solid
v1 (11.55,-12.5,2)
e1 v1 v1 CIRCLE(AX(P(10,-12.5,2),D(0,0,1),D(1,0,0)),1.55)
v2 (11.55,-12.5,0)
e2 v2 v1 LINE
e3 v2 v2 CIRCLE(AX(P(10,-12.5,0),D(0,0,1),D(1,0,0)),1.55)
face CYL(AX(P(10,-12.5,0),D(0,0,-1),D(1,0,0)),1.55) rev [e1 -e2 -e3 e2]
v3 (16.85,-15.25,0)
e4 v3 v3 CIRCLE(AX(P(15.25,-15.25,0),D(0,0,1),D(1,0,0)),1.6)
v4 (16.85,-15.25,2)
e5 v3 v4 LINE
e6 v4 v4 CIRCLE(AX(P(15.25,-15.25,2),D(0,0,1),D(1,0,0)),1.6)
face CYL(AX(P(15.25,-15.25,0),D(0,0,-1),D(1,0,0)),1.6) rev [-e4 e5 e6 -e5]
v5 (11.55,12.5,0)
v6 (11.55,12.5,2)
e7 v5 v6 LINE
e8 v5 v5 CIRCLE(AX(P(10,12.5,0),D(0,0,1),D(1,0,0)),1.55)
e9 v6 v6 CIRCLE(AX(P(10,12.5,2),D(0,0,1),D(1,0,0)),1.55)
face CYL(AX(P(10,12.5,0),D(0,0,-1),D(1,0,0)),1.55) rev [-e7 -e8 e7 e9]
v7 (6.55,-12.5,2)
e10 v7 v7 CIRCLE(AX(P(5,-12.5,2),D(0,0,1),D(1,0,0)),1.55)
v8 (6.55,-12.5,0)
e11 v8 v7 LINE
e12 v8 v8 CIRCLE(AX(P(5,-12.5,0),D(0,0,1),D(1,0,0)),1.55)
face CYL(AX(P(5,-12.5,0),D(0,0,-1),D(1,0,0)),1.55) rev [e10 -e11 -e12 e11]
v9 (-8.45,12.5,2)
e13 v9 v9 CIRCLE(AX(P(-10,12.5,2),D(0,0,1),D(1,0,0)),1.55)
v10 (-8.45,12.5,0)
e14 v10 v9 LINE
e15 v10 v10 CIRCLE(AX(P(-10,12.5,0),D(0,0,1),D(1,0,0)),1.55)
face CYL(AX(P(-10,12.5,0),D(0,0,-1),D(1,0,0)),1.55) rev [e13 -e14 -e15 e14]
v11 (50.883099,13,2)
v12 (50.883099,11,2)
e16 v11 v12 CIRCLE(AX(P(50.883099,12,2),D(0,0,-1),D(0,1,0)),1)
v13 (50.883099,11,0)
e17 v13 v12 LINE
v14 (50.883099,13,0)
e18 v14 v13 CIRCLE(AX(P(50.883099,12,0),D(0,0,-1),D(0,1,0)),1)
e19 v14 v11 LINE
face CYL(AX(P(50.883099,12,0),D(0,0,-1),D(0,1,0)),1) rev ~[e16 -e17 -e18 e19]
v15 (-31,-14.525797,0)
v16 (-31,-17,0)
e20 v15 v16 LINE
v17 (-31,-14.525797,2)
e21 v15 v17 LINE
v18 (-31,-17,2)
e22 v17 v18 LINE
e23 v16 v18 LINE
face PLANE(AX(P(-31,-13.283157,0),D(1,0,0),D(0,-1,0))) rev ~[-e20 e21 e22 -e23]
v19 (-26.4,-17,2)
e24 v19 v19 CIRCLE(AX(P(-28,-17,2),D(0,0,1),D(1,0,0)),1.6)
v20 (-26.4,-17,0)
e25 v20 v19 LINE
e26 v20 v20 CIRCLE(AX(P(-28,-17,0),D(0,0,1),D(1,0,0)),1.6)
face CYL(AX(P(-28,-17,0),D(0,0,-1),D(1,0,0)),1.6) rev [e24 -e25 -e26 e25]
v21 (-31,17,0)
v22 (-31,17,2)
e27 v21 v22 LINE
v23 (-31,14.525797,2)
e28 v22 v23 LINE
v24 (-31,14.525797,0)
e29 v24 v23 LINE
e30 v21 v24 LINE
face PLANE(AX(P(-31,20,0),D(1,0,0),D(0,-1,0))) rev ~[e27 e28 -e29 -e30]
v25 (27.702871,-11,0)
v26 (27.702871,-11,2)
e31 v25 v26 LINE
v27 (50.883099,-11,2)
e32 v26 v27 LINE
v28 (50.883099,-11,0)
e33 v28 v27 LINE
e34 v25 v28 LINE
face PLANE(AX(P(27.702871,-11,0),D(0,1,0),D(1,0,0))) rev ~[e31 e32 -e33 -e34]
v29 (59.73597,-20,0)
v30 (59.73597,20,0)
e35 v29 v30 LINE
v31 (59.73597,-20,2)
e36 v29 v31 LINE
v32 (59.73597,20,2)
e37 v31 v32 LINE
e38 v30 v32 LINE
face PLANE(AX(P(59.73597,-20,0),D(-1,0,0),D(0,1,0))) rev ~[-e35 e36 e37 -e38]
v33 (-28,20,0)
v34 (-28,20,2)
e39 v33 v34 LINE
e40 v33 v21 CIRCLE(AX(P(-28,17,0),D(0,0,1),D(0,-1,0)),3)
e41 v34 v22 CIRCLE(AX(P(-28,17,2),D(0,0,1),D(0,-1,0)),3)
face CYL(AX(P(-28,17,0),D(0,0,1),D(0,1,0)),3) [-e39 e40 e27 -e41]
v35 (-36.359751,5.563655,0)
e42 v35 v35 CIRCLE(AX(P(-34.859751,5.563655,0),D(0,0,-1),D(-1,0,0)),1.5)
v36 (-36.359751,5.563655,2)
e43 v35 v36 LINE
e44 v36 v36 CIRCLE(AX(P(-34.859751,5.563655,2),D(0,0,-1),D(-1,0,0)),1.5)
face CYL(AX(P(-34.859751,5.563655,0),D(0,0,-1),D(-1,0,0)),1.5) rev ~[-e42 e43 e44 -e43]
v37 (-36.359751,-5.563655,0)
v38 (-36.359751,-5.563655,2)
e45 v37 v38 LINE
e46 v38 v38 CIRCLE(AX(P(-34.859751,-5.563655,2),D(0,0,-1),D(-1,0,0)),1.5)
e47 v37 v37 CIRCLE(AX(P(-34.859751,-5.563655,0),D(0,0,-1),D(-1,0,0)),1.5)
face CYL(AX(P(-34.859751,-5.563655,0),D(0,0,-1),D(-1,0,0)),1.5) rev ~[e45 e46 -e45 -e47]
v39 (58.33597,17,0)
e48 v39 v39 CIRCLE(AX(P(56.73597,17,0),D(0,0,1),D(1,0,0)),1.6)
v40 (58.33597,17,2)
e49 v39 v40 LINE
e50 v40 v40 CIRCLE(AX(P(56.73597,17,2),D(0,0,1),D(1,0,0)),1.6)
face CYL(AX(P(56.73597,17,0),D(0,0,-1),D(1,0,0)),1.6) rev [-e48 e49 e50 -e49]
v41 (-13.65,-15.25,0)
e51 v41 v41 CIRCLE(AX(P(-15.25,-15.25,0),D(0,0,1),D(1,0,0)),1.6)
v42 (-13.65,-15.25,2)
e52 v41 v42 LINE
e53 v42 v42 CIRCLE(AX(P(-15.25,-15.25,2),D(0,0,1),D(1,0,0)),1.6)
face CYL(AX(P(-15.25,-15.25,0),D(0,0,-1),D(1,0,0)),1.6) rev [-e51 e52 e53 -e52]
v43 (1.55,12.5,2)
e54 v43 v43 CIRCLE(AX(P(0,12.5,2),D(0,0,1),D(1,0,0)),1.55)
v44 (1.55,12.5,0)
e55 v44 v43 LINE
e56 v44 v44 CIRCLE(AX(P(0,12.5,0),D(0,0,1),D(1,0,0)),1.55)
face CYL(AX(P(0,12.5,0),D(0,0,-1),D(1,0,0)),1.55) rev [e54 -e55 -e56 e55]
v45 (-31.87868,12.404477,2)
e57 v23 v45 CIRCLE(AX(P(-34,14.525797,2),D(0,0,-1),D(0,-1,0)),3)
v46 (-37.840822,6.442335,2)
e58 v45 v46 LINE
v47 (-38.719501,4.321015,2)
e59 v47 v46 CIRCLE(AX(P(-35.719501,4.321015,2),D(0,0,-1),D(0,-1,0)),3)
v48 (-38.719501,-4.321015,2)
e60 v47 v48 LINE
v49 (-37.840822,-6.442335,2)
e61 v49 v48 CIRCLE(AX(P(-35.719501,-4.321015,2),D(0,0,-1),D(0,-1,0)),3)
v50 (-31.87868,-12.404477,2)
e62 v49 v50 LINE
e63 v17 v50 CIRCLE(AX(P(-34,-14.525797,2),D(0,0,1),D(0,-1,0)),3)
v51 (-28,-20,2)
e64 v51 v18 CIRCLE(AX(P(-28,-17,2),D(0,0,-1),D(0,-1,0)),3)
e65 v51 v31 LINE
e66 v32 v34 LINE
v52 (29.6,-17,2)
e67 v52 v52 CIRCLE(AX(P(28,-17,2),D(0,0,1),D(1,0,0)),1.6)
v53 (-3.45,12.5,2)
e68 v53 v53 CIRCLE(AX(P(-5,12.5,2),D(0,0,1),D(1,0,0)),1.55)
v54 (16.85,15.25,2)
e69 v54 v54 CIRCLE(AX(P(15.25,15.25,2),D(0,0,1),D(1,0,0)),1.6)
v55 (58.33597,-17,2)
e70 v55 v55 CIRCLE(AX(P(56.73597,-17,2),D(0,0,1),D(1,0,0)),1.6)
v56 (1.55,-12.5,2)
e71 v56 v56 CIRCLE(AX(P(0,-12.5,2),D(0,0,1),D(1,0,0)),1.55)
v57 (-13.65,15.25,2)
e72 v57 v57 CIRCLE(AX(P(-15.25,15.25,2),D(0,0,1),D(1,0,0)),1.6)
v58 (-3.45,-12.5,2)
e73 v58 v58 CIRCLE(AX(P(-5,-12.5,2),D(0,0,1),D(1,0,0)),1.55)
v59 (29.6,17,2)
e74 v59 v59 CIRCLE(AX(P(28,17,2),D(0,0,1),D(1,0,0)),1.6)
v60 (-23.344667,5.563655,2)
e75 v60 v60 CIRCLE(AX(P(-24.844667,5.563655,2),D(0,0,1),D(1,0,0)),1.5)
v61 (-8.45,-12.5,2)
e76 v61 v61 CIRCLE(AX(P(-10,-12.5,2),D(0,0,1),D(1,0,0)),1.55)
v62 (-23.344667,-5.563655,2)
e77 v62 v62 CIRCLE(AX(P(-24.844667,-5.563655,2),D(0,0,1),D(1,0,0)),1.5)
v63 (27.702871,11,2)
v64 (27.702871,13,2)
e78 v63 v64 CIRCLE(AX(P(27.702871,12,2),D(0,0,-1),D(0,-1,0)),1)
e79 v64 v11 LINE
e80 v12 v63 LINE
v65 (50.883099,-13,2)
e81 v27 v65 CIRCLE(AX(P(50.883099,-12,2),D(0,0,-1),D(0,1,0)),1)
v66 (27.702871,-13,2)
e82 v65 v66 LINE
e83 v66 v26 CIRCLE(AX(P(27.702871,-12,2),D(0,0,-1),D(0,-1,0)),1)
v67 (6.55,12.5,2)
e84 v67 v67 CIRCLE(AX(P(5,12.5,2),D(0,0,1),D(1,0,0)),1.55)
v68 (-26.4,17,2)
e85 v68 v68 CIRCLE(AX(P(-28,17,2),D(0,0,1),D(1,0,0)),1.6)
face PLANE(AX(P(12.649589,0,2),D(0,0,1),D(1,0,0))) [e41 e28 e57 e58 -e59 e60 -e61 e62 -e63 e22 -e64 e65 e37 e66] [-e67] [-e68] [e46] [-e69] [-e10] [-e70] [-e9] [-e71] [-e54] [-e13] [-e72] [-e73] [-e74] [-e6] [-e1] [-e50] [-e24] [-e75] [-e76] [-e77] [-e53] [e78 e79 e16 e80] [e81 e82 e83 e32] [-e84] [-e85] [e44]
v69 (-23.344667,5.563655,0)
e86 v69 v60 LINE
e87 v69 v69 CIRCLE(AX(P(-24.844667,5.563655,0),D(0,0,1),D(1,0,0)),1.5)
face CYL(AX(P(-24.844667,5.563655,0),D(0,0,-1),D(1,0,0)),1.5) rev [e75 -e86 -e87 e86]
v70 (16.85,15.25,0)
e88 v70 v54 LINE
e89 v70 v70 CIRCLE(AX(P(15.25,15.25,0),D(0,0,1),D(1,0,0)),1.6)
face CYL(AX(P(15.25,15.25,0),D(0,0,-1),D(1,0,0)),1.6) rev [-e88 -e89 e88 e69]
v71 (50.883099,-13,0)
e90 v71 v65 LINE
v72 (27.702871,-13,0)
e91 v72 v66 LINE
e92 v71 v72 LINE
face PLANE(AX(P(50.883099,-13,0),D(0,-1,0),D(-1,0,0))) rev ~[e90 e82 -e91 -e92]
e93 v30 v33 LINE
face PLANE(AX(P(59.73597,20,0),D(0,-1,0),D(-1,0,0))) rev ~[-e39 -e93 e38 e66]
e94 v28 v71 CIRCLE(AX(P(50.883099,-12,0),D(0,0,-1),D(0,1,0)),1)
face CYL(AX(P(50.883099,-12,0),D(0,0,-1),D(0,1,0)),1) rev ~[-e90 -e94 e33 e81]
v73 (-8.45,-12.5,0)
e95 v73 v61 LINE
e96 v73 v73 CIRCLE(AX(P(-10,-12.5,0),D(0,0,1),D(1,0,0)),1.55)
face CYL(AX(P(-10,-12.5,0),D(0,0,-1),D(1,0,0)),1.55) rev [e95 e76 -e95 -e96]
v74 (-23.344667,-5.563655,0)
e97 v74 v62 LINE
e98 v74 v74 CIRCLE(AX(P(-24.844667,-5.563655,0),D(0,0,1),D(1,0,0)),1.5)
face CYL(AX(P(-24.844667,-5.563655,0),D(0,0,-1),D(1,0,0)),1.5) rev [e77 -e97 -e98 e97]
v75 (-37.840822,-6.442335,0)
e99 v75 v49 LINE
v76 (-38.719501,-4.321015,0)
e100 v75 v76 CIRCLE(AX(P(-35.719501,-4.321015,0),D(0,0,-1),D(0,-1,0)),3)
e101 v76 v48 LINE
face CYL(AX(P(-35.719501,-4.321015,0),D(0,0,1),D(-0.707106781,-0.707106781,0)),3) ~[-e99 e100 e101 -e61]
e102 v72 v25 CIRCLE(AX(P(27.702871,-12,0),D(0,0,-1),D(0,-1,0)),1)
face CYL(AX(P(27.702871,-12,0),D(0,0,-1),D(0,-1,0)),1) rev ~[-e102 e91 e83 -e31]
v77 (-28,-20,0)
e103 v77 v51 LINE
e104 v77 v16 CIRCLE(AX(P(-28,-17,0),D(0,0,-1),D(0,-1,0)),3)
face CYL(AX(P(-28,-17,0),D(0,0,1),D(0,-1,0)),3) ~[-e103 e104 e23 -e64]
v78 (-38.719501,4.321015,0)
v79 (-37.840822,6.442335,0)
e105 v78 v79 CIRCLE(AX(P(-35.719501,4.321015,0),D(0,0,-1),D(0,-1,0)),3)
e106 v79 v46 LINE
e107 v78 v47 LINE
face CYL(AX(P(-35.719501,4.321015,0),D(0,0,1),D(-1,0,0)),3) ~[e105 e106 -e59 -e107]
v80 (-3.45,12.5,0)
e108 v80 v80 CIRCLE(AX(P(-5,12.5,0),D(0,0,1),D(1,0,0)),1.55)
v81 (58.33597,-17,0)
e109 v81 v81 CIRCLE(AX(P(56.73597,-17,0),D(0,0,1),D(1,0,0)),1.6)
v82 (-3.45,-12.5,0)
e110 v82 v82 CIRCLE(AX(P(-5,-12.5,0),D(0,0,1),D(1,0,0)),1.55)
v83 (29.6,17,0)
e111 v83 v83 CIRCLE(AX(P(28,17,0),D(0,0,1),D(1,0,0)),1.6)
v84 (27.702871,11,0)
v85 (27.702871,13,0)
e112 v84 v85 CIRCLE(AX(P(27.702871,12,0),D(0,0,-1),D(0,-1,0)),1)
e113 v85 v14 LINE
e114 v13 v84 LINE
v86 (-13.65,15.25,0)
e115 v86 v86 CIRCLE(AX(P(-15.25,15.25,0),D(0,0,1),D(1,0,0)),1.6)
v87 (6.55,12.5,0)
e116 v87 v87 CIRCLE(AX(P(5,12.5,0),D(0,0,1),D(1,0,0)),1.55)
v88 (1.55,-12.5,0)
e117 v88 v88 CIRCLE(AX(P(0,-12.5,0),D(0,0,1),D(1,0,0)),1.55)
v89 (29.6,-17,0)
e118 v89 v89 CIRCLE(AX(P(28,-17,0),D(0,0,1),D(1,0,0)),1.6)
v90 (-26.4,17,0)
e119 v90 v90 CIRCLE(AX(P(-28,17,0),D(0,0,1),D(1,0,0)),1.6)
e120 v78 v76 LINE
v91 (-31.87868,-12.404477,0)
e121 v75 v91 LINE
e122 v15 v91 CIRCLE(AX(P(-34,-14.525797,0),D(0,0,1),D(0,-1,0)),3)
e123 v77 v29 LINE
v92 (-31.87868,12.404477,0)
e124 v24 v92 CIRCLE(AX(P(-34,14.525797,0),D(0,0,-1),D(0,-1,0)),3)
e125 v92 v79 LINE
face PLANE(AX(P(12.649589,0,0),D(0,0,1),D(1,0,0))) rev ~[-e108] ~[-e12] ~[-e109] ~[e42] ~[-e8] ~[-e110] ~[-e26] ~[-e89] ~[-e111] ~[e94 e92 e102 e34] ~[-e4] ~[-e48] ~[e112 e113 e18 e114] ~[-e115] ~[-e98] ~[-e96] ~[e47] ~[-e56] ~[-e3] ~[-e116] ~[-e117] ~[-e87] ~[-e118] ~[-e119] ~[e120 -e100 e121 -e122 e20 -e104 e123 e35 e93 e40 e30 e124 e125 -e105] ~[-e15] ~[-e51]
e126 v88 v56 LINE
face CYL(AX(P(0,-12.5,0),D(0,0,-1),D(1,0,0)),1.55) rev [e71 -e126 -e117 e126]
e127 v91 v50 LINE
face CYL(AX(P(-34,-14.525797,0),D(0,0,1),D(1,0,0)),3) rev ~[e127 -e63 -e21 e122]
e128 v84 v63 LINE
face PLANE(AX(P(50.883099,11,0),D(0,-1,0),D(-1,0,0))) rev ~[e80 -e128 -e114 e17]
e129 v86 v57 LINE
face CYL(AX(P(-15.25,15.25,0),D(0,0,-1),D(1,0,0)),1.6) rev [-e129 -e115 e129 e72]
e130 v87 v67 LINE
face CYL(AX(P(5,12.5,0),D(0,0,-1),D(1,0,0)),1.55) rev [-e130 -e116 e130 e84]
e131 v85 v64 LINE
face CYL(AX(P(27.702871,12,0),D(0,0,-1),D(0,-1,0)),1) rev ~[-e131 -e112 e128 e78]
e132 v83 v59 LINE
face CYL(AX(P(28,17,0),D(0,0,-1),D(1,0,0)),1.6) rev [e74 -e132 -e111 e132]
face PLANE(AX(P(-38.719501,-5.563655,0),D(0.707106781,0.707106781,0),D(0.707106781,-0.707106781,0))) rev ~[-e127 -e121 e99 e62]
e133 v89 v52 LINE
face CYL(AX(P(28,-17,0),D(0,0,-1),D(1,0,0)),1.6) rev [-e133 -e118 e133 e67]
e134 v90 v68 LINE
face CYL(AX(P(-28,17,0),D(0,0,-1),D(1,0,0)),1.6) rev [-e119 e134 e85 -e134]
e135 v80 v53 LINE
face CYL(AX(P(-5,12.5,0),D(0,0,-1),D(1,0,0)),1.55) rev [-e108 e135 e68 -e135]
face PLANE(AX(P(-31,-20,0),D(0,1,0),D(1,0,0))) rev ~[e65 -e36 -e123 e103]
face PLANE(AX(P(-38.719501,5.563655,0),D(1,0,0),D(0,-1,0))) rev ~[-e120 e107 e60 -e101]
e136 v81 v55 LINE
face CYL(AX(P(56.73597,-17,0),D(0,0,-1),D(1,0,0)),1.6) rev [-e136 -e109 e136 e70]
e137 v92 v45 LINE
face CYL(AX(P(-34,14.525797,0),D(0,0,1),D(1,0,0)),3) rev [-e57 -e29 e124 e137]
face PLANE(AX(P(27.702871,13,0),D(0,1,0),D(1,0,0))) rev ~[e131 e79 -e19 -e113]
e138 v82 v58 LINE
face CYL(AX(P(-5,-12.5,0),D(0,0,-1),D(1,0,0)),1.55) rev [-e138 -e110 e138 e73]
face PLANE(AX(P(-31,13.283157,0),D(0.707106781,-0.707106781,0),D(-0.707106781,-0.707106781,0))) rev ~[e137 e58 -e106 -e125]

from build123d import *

# Parameters (mm, degrees)
F0_R     = 1.6
F0_R_2   = 1.5
F0_W     = 37.7
F0_H     = 37.7
F0_R_3   = 1.55
F1_DEPTH = 2
F2_R     = 3


with BuildPart() as f1:
    # F0 (on Top) → F1 (new body)
    with BuildSketch(Plane.XY):
        Polygon((-31, -20), (0, -20), (59.73597, -20), (59.73597, 0), (59.73597, 20), (0, 20), (-31, 20), (-31, 13.2831567489), (-38.7195013463, 5.5636554025), (-38.7195013463, -5.5636554025), (-31, -13.2831567489), align=None)
        with Locations((-28, -17)):
            Circle(F0_R, mode=Mode.SUBTRACT)
        with BuildLine():
            ThreePointArc((-33.3597506732, -5.5636554025), (-34.8597506732, -7.0636554025), (-36.3597506732, -5.5636554025))
            ThreePointArc((-36.3597506732, -5.5636554025), (-34.8597506732, -4.0636554025), (-33.3597506732, -5.5636554025))
        make_face(mode=Mode.SUBTRACT)
        with Locations((-24.844666943, -5.5636554025)):
            Circle(F0_R_2, mode=Mode.SUBTRACT)
        with Locations((28, -17)):
            Circle(F0_R, mode=Mode.SUBTRACT)
        with Locations((56.73597, -17)):
            Circle(F0_R, mode=Mode.SUBTRACT)
        with BuildLine():
            Line((27.7028705632, -11), (39.292985, -11))
            Line((39.292985, -11), (50.8830994368, -11))
            ThreePointArc((50.8830994368, -11), (51.8830994368, -12), (50.8830994368, -13))
            Line((50.8830994368, -13), (39.292985, -13))
            Line((39.292985, -13), (27.7028705632, -13))
            ThreePointArc((27.7028705632, -13), (26.7028705632, -12), (27.7028705632, -11))
        make_face(mode=Mode.SUBTRACT)
        with BuildLine():
            ThreePointArc((-33.3597506732, 5.5636554025), (-34.8597506732, 4.0636554025), (-36.3597506732, 5.5636554025))
            ThreePointArc((-36.3597506732, 5.5636554025), (-34.8597506732, 7.0636554025), (-33.3597506732, 5.5636554025))
        make_face(mode=Mode.SUBTRACT)
        with Locations((-24.844666943, 5.5636554025)):
            Circle(F0_R_2, mode=Mode.SUBTRACT)
        Rectangle(F0_W, F0_H, mode=Mode.SUBTRACT)
        with Locations((-28, 17)):
            Circle(F0_R, mode=Mode.SUBTRACT)
        with Locations((28, 17)):
            Circle(F0_R, mode=Mode.SUBTRACT)
        with BuildLine():
            Line((50.8830994368, 11), (39.292985, 11))
            Line((39.292985, 11), (27.7028705632, 11))
            ThreePointArc((27.7028705632, 11), (26.7028705632, 12), (27.7028705632, 13))
            Line((27.7028705632, 13), (39.292985, 13))
            Line((39.292985, 13), (50.8830994368, 13))
            ThreePointArc((50.8830994368, 13), (51.8830994368, 12), (50.8830994368, 11))
        make_face(mode=Mode.SUBTRACT)
        with Locations((56.73597, 17)):
            Circle(F0_R, mode=Mode.SUBTRACT)
        Rectangle(F0_W, F0_H)
        with Locations((-15.25, -15.25)):
            Circle(F0_R, mode=Mode.SUBTRACT)
        with Locations((-10, -12.5)):
            Circle(F0_R_3, mode=Mode.SUBTRACT)
        with Locations((-5, -12.5)):
            Circle(F0_R_3, mode=Mode.SUBTRACT)
        with Locations((0, -12.5)):
            Circle(F0_R_3, mode=Mode.SUBTRACT)
        with Locations((5, -12.5)):
            Circle(F0_R_3, mode=Mode.SUBTRACT)
        with Locations((10, -12.5)):
            Circle(F0_R_3, mode=Mode.SUBTRACT)
        with Locations((15.25, -15.25)):
            Circle(F0_R, mode=Mode.SUBTRACT)
        with Locations((-15.25, 15.25)):
            Circle(F0_R, mode=Mode.SUBTRACT)
        with Locations((-10, 12.5)):
            Circle(F0_R_3, mode=Mode.SUBTRACT)
        with Locations((-5, 12.5)):
            Circle(F0_R_3, mode=Mode.SUBTRACT)
        with Locations((0, 12.5)):
            Circle(F0_R_3, mode=Mode.SUBTRACT)
        with Locations((5, 12.5)):
            Circle(F0_R_3, mode=Mode.SUBTRACT)
        with Locations((10, 12.5)):
            Circle(F0_R_3, mode=Mode.SUBTRACT)
        with Locations((15.25, 15.25)):
            Circle(F0_R, mode=Mode.SUBTRACT)
    extrude(amount=F1_DEPTH)

    # F2
    f2_edges = [f1.edges().sort_by_distance(p)[0] for p in [
        (-31, -20, 1),
        (-31, 20, 1),
        (-31, 13.283157, 1),
        (-38.719501, 5.563655, 1),
        (-38.719501, -5.563655, 1),
        (-31, -13.283157, 1),
    ]]
    fillet(f2_edges, radius=F2_R)


solid = f1.part
